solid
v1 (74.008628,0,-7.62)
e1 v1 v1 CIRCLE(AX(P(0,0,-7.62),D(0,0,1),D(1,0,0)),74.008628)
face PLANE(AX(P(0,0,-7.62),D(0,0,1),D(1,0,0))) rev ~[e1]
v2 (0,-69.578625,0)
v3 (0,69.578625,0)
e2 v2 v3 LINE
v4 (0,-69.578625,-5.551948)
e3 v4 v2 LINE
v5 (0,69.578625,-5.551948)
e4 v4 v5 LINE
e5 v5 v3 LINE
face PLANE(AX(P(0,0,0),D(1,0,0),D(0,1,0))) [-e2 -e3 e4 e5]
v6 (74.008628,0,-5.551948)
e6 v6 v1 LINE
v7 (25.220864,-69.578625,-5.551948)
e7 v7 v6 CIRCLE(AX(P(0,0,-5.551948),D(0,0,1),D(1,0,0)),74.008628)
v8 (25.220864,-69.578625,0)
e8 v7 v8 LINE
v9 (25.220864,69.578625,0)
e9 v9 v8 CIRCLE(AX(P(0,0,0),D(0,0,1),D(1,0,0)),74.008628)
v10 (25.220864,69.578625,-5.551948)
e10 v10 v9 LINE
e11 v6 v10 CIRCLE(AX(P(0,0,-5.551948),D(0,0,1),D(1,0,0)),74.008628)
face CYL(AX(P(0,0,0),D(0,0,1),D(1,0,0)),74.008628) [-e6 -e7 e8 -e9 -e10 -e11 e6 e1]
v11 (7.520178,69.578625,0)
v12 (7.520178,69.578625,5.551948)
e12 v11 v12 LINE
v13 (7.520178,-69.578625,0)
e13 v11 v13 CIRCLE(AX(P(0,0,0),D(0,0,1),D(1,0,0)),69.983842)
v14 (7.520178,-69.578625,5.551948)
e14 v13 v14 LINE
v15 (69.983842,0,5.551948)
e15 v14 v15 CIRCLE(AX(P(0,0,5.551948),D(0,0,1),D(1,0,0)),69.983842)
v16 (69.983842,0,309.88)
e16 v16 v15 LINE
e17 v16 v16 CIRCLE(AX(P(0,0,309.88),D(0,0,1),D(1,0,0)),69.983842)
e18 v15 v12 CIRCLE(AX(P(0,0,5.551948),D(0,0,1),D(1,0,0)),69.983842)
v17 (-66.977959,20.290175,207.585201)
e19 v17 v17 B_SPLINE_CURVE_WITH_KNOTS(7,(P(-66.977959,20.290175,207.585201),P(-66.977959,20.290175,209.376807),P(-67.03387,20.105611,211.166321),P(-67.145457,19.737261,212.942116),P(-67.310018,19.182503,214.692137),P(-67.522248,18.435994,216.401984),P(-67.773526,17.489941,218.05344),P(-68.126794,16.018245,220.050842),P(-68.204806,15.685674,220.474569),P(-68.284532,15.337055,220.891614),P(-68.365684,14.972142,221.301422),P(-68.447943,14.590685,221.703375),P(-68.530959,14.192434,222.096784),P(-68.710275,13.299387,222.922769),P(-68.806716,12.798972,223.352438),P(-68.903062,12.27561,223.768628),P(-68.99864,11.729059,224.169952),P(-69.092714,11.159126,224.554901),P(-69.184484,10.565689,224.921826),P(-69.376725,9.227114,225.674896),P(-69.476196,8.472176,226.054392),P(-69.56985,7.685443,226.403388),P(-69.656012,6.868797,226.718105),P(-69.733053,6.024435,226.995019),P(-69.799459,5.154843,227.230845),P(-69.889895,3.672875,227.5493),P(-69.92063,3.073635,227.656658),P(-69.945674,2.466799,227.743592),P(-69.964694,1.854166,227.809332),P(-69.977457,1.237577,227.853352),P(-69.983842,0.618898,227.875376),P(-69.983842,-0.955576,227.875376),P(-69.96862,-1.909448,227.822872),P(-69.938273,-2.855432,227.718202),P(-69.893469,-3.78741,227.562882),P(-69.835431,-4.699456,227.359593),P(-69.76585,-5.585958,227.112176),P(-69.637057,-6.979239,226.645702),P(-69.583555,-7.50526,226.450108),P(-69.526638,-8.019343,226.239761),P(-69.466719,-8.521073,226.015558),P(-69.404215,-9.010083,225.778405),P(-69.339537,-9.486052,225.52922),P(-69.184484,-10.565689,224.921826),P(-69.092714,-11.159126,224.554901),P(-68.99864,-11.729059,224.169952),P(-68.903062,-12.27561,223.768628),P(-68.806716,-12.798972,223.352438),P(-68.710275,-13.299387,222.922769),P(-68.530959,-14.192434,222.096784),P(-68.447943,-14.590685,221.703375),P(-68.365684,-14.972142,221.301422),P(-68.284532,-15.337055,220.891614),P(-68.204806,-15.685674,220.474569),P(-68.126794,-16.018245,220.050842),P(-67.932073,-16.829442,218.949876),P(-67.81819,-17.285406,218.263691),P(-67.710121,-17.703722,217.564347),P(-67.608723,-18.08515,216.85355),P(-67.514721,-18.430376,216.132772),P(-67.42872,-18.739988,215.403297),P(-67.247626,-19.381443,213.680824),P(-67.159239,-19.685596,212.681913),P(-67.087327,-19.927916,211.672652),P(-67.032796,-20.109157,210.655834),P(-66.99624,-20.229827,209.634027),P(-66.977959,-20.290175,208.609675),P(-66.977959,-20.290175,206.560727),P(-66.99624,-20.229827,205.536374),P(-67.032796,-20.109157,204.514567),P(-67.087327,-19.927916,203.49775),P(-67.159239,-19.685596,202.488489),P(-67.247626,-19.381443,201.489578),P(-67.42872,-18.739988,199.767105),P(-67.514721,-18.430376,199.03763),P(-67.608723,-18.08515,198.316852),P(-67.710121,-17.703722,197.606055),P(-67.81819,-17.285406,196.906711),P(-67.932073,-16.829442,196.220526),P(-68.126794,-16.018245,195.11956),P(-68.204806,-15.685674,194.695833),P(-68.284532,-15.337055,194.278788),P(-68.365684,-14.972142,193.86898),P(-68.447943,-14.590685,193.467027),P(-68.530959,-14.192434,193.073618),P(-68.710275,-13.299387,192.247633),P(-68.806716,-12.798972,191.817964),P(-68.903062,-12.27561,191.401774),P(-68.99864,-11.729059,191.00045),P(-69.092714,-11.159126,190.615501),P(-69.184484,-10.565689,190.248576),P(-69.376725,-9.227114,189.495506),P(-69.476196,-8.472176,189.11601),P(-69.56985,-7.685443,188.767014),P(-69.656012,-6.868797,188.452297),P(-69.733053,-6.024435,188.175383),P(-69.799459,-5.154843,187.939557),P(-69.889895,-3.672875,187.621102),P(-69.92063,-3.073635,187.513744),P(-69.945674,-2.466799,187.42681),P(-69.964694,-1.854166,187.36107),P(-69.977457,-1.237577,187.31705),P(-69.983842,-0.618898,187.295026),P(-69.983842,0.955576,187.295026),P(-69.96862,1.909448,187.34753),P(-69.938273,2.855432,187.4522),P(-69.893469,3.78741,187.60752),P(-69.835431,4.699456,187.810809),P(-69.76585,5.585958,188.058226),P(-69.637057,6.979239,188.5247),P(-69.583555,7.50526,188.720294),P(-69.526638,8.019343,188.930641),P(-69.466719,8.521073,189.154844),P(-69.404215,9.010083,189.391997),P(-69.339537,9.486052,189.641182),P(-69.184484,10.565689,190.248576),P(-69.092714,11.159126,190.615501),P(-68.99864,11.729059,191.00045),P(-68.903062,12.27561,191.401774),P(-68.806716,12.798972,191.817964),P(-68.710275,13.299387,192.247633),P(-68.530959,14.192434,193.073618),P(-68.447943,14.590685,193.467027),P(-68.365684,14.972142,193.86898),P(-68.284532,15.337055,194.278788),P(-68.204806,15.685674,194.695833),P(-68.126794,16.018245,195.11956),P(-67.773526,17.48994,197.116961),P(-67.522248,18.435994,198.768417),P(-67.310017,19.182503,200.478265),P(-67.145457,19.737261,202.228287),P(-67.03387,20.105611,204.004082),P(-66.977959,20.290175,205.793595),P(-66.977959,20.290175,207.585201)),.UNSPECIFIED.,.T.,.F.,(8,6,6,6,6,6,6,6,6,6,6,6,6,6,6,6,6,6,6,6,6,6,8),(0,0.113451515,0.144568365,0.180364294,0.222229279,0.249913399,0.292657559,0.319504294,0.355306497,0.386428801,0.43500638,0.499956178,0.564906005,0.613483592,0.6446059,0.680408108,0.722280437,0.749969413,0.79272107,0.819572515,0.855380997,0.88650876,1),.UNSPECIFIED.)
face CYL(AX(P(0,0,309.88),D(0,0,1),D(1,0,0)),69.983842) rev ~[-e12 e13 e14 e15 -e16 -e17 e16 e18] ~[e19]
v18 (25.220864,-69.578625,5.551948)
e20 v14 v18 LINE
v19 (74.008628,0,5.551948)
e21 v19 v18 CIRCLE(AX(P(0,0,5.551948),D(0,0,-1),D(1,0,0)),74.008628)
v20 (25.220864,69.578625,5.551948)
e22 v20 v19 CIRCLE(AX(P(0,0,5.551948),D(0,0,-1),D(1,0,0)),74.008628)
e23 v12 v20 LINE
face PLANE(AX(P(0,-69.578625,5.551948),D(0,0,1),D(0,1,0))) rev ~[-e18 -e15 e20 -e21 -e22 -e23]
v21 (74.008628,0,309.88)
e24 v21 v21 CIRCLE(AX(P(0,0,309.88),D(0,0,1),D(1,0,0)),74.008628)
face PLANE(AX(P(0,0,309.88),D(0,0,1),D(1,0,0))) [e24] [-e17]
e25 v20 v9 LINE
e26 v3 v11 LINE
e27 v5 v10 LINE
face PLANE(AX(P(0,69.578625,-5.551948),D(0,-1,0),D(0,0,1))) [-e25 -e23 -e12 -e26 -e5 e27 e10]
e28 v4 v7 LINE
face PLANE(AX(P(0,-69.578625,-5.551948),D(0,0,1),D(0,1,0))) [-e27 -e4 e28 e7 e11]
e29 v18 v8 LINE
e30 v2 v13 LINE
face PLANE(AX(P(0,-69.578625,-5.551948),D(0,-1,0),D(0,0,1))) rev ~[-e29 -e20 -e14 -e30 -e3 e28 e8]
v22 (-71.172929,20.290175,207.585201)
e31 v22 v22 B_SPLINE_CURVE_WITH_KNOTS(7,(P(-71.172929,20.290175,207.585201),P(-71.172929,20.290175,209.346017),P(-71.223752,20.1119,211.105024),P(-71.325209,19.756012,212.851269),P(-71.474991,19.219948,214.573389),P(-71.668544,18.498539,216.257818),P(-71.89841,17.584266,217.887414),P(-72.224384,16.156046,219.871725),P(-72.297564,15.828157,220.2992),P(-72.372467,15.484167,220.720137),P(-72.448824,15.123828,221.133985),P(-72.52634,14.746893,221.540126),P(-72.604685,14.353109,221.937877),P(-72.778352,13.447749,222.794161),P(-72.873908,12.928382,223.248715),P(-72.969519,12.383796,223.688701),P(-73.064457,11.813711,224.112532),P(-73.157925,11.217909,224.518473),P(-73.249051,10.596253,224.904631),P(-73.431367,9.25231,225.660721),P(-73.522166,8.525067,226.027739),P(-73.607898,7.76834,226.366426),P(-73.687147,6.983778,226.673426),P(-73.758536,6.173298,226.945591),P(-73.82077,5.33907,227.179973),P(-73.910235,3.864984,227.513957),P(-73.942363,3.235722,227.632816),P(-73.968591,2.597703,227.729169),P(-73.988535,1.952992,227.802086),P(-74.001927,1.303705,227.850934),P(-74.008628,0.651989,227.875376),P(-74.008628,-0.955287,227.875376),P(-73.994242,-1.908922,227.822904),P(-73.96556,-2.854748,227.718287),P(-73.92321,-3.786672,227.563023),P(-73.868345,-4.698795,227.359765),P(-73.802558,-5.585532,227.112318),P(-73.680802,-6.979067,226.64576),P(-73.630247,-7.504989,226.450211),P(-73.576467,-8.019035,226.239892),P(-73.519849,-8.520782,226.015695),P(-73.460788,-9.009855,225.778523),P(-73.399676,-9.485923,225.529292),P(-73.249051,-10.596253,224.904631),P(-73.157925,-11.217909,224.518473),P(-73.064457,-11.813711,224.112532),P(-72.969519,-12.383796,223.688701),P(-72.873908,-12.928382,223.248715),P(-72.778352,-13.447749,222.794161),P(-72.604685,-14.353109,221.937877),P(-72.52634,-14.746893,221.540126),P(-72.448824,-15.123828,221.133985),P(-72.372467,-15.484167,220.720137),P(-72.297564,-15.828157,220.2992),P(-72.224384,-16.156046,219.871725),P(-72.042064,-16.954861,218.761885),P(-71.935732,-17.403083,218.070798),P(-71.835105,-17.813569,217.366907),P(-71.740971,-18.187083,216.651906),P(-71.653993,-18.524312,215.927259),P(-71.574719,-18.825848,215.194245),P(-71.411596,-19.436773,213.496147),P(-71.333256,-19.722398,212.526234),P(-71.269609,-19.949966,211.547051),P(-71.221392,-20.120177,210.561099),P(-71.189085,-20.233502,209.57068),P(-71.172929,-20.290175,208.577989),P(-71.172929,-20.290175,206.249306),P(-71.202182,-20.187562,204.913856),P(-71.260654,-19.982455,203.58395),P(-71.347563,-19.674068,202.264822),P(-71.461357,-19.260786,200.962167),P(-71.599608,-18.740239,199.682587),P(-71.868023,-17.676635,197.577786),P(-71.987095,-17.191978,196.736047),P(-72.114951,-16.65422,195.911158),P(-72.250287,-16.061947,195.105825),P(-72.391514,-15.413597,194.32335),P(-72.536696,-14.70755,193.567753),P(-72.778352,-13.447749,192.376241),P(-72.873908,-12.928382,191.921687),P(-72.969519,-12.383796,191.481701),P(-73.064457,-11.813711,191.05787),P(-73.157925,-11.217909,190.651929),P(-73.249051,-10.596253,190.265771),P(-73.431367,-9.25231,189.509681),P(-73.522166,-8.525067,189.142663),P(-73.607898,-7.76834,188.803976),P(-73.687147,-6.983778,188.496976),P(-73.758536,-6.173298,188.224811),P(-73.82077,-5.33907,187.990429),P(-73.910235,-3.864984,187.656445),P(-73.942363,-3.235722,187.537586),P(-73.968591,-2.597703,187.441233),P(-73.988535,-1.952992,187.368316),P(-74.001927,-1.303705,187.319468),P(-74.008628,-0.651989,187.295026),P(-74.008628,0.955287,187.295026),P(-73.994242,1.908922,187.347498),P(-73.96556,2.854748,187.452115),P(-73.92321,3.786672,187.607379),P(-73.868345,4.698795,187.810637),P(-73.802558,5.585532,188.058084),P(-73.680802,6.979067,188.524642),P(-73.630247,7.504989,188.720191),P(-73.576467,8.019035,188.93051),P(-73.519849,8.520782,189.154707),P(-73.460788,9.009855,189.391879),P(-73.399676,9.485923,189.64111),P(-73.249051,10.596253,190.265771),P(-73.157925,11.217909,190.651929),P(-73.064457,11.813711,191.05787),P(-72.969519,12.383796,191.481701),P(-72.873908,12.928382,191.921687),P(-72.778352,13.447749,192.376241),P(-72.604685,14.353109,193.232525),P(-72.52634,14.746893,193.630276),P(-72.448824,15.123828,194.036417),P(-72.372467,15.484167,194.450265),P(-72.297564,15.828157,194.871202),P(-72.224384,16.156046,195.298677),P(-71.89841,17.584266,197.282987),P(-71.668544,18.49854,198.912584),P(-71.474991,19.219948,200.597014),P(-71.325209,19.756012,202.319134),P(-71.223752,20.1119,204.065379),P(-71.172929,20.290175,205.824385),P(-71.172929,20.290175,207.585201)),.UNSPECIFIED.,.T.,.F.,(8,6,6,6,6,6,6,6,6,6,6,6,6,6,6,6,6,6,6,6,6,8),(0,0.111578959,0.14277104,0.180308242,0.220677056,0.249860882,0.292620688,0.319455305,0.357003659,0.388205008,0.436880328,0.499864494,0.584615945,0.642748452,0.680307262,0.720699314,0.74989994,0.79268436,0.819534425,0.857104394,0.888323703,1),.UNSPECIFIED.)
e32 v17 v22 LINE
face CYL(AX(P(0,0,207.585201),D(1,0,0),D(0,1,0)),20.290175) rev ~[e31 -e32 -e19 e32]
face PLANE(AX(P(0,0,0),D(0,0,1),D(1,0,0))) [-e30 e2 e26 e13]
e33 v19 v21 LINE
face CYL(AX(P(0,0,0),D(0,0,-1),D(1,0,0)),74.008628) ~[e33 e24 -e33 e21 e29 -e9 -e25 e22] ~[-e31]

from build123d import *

# Parameters (mm, degrees)
F0_R     = 74.008628
F1_DEPTH = 309.88
F2_R     = 69.983842
F3_DEPTH = 415.798
F4_R     = 20.290175
F5_DEPTH = 138.938
F6_DEPTH = 7.62
F7_W     = 139.15725
F7_H     = 11.103896
F8_DEPTH = 97.282


with BuildPart() as f1:
    # F0 (on Top) → F1 (new body)
    with BuildSketch(Plane.XY):
        Circle(F0_R)
    extrude(amount=F1_DEPTH)

    # F2 (on face) → F3 (cut)
    with BuildSketch(Plane.XY.offset(309.88)):
        Circle(F2_R)
    extrude(amount=-F3_DEPTH, mode=Mode.SUBTRACT)

    # F4 (on Right) → F5 (cut)
    with BuildSketch(Plane.YZ):
        with Locations((0, 207.585201)):
            Circle(F4_R)
    extrude(amount=-F5_DEPTH, mode=Mode.SUBTRACT)

    # F0 (on Top) → F6 (join)
    with BuildSketch(Plane.XY):
        Circle(F0_R)
    extrude(amount=-F6_DEPTH)

    # F7 (on Right) → F8 (cut)
    with BuildSketch(Plane.YZ):
        Rectangle(F7_W, F7_H)
    extrude(amount=F8_DEPTH, mode=Mode.SUBTRACT)


solid = f1.part
